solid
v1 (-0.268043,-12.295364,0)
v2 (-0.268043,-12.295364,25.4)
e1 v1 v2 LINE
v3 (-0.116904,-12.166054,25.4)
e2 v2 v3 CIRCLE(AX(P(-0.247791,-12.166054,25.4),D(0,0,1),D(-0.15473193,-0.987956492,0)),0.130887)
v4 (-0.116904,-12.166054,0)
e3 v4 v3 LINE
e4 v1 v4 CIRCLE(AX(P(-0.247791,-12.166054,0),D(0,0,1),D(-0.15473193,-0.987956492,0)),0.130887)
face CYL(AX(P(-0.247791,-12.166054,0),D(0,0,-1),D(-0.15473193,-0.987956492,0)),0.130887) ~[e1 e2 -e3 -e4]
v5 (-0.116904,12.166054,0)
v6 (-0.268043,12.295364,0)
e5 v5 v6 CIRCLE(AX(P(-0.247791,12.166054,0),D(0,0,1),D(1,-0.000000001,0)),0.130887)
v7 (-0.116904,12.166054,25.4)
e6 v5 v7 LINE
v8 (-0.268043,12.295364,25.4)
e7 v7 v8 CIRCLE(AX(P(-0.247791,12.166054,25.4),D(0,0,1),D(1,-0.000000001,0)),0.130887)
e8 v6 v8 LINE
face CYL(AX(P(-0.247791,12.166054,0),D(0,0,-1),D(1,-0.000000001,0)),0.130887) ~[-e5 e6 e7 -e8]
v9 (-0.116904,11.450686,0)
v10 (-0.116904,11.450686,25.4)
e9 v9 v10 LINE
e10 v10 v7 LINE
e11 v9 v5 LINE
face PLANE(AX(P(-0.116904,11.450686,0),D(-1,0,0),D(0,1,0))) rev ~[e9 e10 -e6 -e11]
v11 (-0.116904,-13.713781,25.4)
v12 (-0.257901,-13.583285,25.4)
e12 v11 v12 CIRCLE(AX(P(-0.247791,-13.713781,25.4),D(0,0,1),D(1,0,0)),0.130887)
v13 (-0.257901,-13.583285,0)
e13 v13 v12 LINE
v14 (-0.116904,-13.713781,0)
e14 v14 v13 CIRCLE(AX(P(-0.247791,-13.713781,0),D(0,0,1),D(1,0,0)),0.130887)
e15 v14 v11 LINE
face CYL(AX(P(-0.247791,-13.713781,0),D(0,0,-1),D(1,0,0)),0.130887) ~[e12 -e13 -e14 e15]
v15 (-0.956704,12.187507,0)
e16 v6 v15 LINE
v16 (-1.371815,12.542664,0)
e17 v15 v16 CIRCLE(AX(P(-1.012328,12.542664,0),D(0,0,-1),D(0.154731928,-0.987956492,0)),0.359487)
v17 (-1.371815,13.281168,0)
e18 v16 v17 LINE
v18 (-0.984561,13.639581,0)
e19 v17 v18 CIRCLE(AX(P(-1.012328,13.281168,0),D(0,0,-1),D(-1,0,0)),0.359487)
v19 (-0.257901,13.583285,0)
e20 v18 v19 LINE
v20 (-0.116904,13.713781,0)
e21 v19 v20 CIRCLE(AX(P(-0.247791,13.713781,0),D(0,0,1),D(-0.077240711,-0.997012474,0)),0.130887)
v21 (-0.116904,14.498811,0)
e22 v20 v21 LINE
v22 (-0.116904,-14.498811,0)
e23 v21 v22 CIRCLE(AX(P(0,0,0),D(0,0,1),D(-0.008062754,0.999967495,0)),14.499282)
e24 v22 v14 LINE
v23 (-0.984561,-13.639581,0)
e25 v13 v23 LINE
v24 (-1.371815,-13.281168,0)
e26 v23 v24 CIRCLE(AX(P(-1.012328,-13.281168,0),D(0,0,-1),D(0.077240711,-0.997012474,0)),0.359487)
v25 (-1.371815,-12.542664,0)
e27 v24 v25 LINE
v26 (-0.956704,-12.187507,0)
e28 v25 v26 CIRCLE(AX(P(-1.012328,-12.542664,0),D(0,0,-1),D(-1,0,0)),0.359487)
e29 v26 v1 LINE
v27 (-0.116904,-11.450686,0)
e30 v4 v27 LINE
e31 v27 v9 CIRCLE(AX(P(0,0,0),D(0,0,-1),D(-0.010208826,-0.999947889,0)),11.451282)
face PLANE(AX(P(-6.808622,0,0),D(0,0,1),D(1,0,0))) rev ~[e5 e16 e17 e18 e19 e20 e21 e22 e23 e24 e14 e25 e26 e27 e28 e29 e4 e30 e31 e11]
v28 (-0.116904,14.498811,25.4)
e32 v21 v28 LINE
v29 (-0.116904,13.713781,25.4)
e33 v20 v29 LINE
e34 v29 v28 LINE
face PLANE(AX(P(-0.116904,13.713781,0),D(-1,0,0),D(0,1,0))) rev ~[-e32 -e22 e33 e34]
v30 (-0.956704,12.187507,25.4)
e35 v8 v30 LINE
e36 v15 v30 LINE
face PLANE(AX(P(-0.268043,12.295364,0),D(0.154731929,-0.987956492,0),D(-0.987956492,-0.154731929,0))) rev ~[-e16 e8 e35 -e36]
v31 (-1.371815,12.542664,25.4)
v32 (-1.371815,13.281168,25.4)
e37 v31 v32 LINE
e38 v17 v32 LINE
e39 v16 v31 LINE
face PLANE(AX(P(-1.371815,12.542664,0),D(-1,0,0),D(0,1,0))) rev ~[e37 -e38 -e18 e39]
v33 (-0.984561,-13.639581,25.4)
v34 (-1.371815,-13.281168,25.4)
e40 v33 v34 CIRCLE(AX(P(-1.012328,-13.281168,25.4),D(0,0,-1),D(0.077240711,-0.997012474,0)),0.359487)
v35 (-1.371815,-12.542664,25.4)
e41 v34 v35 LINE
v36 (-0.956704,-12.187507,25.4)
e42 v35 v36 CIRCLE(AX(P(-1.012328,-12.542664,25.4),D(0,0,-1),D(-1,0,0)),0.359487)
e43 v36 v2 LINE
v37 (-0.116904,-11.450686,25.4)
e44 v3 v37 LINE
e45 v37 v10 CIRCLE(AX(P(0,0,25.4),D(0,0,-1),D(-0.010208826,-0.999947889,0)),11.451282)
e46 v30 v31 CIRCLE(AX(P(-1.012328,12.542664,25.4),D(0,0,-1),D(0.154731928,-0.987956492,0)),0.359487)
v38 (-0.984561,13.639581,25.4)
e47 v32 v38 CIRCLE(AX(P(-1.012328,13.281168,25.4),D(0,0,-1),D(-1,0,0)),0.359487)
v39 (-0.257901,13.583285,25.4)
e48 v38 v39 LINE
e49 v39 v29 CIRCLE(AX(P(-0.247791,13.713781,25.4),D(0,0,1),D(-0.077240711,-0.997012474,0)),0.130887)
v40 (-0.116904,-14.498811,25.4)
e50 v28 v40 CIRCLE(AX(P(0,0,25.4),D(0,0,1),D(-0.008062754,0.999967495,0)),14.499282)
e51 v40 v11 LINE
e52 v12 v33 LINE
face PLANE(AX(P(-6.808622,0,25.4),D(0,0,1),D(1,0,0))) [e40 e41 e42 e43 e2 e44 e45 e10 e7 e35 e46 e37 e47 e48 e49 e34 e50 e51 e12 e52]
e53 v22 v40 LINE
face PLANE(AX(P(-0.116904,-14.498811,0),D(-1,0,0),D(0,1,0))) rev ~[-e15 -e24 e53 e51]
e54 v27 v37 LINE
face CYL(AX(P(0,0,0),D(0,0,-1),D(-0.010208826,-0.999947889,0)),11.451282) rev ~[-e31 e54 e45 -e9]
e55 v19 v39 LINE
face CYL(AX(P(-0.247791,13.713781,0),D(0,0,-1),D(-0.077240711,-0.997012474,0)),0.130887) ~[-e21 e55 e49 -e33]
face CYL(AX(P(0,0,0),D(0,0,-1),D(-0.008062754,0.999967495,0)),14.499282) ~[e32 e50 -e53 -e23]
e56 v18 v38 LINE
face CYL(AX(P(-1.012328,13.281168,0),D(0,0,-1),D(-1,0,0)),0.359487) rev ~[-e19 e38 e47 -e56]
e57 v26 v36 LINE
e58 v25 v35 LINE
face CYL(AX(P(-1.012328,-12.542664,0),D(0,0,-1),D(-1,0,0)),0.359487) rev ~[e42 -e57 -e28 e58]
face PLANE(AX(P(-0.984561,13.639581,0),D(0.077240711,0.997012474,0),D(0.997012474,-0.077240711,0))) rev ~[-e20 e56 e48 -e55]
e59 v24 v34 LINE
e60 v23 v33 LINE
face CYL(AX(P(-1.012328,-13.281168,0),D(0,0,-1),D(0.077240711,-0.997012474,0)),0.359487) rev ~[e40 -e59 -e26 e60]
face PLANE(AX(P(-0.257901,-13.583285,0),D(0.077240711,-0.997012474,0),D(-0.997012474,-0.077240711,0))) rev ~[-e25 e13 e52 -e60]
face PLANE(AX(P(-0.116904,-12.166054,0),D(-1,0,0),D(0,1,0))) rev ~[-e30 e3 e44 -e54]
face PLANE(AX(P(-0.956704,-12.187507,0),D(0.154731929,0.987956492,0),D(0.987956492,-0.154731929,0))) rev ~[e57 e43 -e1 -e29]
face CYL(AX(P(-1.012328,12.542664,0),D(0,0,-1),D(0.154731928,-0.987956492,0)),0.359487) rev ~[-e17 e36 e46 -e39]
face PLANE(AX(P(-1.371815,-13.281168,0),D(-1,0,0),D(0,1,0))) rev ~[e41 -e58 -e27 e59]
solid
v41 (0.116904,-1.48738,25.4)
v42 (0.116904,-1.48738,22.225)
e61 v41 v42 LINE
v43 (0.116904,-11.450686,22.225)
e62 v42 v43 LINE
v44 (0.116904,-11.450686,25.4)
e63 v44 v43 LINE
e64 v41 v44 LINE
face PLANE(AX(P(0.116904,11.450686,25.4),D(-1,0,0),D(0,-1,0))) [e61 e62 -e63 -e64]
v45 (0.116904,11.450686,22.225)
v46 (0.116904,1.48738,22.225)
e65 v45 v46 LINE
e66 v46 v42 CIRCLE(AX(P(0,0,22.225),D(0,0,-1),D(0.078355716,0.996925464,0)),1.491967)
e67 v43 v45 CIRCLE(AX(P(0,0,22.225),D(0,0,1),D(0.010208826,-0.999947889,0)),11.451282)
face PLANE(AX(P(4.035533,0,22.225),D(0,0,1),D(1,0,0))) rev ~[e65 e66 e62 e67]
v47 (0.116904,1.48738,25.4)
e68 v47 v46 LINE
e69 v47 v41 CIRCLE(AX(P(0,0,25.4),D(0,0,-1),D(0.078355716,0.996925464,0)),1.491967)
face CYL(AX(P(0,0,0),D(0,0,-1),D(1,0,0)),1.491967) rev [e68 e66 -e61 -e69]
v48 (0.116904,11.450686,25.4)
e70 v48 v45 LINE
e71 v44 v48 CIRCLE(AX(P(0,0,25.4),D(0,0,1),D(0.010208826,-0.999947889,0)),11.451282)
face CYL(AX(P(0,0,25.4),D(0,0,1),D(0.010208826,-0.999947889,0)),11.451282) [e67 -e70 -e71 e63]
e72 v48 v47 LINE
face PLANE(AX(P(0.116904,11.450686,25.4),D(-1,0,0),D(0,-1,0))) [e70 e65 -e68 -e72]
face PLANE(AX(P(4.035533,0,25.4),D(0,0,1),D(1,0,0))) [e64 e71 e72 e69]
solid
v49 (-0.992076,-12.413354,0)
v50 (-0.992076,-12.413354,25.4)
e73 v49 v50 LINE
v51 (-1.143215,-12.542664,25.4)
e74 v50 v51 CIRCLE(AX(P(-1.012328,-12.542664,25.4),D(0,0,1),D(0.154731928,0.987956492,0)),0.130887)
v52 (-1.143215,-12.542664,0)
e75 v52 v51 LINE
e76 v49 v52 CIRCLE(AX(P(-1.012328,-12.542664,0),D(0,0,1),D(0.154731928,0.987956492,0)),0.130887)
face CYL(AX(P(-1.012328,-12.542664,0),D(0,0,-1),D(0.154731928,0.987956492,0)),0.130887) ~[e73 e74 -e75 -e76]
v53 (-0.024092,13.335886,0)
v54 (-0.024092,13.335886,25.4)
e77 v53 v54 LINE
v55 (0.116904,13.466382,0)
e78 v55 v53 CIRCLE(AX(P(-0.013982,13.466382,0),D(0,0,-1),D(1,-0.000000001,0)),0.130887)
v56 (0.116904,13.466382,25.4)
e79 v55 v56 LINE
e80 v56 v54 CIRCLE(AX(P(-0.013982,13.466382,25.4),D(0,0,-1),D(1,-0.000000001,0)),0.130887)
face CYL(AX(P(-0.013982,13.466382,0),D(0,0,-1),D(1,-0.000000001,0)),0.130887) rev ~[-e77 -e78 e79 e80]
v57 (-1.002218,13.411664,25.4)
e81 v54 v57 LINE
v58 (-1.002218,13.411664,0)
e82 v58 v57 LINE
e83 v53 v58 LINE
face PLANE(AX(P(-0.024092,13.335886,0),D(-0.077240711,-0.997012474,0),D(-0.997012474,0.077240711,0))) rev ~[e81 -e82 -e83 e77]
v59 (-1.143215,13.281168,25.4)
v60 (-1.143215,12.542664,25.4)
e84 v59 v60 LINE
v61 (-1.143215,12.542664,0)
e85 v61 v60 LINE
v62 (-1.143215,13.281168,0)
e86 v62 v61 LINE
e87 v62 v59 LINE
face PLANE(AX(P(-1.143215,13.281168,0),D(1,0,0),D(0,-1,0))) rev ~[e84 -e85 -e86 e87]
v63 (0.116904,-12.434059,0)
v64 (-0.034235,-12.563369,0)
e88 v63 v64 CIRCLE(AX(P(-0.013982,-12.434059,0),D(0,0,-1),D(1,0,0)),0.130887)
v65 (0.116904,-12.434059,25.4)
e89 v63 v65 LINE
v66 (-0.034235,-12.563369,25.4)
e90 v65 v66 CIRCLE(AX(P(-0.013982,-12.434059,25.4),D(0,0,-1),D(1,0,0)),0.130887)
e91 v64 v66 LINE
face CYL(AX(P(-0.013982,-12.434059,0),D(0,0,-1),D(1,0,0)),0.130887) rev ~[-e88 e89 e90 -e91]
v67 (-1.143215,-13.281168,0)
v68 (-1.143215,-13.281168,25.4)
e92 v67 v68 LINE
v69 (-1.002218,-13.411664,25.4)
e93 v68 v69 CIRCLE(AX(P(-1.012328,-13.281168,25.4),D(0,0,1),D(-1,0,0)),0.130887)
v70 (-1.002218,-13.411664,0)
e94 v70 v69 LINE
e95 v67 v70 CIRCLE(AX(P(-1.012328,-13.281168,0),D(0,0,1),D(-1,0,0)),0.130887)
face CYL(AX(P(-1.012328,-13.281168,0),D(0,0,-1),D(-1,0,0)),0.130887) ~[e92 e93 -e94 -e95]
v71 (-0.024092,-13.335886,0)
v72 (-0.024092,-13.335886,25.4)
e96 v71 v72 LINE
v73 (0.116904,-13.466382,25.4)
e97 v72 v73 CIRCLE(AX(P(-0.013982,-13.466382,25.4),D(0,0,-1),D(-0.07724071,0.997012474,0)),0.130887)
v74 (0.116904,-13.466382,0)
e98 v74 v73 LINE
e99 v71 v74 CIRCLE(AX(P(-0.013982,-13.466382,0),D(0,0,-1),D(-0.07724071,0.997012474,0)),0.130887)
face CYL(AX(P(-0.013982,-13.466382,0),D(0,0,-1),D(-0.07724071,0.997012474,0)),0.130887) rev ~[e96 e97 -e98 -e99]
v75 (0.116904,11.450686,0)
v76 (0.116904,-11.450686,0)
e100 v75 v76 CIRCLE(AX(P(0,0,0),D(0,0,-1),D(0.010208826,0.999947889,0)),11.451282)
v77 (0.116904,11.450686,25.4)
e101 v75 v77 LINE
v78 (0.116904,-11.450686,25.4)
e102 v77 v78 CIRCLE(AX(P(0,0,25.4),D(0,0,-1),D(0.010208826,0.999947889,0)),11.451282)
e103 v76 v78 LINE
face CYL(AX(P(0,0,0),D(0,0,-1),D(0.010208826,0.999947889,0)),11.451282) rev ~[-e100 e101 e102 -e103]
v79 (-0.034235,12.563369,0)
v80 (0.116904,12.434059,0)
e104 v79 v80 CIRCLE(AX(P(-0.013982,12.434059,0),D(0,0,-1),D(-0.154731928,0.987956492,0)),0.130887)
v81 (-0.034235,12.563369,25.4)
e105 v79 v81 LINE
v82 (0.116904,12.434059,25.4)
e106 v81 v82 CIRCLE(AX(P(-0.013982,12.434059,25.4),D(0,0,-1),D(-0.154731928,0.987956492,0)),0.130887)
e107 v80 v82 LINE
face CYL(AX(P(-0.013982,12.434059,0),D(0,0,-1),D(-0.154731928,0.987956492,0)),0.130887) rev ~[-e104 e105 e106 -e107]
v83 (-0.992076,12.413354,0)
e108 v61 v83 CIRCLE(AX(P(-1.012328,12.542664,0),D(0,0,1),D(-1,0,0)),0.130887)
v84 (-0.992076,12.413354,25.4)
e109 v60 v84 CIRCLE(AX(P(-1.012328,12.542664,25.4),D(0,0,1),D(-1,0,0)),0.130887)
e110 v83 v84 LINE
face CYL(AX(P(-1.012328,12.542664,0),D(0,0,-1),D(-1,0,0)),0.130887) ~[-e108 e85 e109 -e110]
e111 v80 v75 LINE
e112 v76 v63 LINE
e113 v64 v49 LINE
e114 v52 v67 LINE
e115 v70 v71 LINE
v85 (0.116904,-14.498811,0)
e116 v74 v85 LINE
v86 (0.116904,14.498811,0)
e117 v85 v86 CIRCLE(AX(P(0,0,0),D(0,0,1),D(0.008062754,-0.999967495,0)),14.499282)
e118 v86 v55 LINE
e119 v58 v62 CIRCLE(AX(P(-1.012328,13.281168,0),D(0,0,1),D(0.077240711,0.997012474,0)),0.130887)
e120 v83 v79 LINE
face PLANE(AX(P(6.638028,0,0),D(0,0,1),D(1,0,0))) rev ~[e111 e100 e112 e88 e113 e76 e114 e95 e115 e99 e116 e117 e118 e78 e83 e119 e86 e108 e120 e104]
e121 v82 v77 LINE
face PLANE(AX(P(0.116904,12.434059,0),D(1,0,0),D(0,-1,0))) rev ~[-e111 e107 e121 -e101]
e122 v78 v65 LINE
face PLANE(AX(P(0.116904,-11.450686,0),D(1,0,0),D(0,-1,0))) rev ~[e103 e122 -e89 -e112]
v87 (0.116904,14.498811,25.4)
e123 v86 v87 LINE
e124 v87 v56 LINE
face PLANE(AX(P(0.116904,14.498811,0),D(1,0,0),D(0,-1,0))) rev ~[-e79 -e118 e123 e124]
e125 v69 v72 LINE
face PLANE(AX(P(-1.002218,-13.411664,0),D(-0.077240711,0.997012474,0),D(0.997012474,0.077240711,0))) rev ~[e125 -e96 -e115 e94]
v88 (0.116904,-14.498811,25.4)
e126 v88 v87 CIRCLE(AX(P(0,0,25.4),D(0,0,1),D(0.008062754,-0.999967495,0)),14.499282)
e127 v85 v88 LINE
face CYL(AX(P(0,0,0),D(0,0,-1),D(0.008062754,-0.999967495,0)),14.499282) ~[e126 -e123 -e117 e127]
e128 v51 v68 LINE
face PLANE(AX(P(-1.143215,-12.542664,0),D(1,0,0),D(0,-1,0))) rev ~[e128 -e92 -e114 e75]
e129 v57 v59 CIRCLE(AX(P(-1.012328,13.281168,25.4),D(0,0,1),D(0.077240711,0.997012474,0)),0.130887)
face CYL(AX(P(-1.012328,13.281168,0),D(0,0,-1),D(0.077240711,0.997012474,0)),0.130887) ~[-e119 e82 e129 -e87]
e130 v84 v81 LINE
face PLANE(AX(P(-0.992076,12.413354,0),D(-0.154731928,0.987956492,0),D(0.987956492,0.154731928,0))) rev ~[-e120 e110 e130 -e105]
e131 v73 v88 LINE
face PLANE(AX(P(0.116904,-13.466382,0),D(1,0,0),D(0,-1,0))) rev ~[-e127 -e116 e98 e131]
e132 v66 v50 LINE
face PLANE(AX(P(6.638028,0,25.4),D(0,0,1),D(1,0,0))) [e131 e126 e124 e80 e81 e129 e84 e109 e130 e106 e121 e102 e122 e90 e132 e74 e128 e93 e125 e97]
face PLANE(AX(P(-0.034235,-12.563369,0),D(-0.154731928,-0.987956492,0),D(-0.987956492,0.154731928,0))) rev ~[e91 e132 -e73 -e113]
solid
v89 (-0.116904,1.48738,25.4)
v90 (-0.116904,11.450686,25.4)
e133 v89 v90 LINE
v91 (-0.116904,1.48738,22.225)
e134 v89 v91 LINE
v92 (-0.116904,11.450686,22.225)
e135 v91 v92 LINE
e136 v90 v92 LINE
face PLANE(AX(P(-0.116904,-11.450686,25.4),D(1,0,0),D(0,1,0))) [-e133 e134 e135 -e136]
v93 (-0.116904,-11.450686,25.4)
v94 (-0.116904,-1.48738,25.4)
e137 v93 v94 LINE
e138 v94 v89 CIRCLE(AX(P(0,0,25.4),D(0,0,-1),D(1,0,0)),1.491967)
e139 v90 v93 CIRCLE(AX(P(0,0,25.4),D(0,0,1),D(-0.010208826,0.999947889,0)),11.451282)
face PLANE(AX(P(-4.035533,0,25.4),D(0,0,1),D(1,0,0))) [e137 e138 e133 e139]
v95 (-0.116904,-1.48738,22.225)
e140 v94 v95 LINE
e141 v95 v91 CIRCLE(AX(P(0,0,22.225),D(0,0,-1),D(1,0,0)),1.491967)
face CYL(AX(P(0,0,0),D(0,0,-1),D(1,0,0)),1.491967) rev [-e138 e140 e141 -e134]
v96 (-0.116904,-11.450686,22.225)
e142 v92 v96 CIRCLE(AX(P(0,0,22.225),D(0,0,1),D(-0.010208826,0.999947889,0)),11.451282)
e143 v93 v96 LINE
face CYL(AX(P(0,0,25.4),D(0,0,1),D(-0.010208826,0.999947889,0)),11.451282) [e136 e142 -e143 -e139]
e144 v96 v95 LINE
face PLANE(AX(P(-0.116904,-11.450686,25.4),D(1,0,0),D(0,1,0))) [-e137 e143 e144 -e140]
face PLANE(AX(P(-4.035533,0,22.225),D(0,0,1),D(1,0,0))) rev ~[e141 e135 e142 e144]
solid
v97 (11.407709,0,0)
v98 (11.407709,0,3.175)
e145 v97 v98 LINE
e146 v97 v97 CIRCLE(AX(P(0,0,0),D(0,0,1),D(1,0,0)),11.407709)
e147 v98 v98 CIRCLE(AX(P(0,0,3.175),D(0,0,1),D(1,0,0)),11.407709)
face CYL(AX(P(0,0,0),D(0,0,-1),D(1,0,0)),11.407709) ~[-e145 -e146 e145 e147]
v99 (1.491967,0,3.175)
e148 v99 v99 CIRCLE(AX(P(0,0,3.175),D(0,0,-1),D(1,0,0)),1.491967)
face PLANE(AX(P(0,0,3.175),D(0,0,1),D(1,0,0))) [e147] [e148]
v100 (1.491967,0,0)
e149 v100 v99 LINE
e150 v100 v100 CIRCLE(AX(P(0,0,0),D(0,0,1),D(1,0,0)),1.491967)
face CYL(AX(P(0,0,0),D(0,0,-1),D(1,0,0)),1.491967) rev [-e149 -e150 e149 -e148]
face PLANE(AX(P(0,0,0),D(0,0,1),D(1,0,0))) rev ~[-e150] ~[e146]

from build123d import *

# Parameters (mm, degrees)
F1_DEPTH       = 25.4
F2_DEPTH       = 25.4
F3_R           = 11.4077093499
F4_DEPTH       = 3.175
F7_DEPTH       = 3.175
F9_DEPTH       = 3.175
F8_R           = 1.4919670492
F10_DEPTH      = 10.414
F10_DEPTH_BACK = 34.544


with BuildPart() as f1:
    # F0 (on Top) → F1 (new body)
    with BuildSketch(Plane.XY):
        with BuildLine():
            Line((-0.1169041469, 13.713780639), (-0.1169041469, 14.4988111578))
            ThreePointArc((-0.1169041469, 14.4988111578), (-14.4992824501, 0), (-0.1169041469, -14.4988111578))
            Line((-0.1169041469, -14.4988111578), (-0.1169041469, -13.713780639))
            ThreePointArc((-0.1169041469, -13.713780639), (-0.1588861156, -13.6177219618), (-0.2579005322, -13.5832850558))
            Line((-0.2579005322, -13.5832850558), (-0.9845611309, -13.6395810228))
            ThreePointArc((-0.9845611309, -13.6395810228), (-1.2565093233, -13.5449982877), (-1.3718149617, -13.2811681855))
            Line((-1.3718149617, -13.2811681855), (-1.3718149617, -12.5426644034))
            ThreePointArc((-1.3718149617, -12.5426644034), (-1.2460316386, -12.2695097811), (-0.9567040601, -12.187507072))
            Line((-0.9567040601, -12.187507072), (-0.268043095, -12.2953638856))
            ThreePointArc((-0.268043095, -12.2953638856), (-0.1627009666, -12.2655072783), (-0.1169041469, -12.1660536091))
            Line((-0.1169041469, -12.1660536091), (-0.1169041469, -11.4506855051))
            ThreePointArc((-0.1169041469, -11.4506855051), (-11.4512822477, 0), (-0.1169041469, 11.4506855051))
            Line((-0.1169041469, 11.4506855051), (-0.1169041469, 12.1660536091))
            ThreePointArc((-0.1169041469, 12.1660536091), (-0.1627009666, 12.2655072783), (-0.268043095, 12.2953638856))
            Line((-0.268043095, 12.2953638856), (-0.9567040601, 12.187507072))
            ThreePointArc((-0.9567040601, 12.187507072), (-1.2460316386, 12.2695097811), (-1.3718149617, 12.5426644034))
            Line((-1.3718149617, 12.5426644034), (-1.3718149617, 13.2811681855))
            ThreePointArc((-1.3718149617, 13.2811681855), (-1.2565093233, 13.5449982877), (-0.9845611309, 13.6395810228))
            Line((-0.9845611309, 13.6395810228), (-0.2579005322, 13.5832850558))
            ThreePointArc((-0.2579005322, 13.5832850558), (-0.1588861156, 13.6177219618), (-0.1169041469, 13.713780639))
        make_face()
    extrude(amount=F1_DEPTH)


with BuildPart() as f2:
    # F0 (on Top) → F2 (new body)
    with BuildSketch(Plane.XY):
        with BuildLine():
            ThreePointArc((0.1169041469, 11.4506855051), (11.4512822477, 0), (0.1169041469, -11.4506855051))
            Line((0.1169041469, -11.4506855051), (0.1169041469, -12.4340591473))
            ThreePointArc((0.1169041469, -12.4340591473), (0.0711073271, -12.5335128165), (-0.0342348012, -12.5633694238))
            Line((-0.0342348012, -12.5633694238), (-0.9920758104, -12.4133541269))
            ThreePointArc((-0.9920758104, -12.4133541269), (-1.0974179387, -12.4432107342), (-1.1432147585, -12.5426644034))
            Line((-1.1432147585, -12.5426644034), (-1.1432147585, -13.2811681855))
            ThreePointArc((-1.1432147585, -13.2811681855), (-1.1012327897, -13.3772268628), (-1.0022183732, -13.4116637687))
            Line((-1.0022183732, -13.4116637687), (-0.0240922384, -13.3358862232))
            ThreePointArc((-0.0240922384, -13.3358862232), (0.0749221781, -13.3703231292), (0.1169041469, -13.4663818064))
            Line((0.1169041469, -13.4663818064), (0.1169041469, -14.4988111578))
            ThreePointArc((0.1169041469, -14.4988111578), (14.4992824501, 0), (0.1169041469, 14.4988111578))
            Line((0.1169041469, 14.4988111578), (0.1169041469, 13.4663818064))
            ThreePointArc((0.1169041469, 13.4663818064), (0.0749221781, 13.3703231292), (-0.0240922384, 13.3358862232))
            Line((-0.0240922384, 13.3358862232), (-1.0022183732, 13.4116637687))
            ThreePointArc((-1.0022183732, 13.4116637687), (-1.1012327897, 13.3772268628), (-1.1432147585, 13.2811681855))
            Line((-1.1432147585, 13.2811681855), (-1.1432147585, 12.5426644034))
            ThreePointArc((-1.1432147585, 12.5426644034), (-1.0974179387, 12.4432107342), (-0.9920758104, 12.4133541269))
            Line((-0.9920758104, 12.4133541269), (-0.0342348012, 12.5633694238))
            ThreePointArc((-0.0342348012, 12.5633694238), (0.0711073271, 12.5335128165), (0.1169041469, 12.4340591473))
            Line((0.1169041469, 12.4340591473), (0.1169041469, 11.4506855051))
        make_face()
    extrude(amount=F2_DEPTH)


with BuildPart() as f4:
    # F3 (on Top) → F4 (new body)
    with BuildSketch(Plane.XY):
        Circle(F3_R)
    extrude(amount=F4_DEPTH)

    # F3 (on Top) → F9 (join)
    with BuildSketch(Plane.XY):
        Circle(F3_R)
    extrude(amount=F9_DEPTH)


with BuildPart() as f7:
    # F6 (on offset) → F7 (new body)
    with BuildSketch(Plane.XY.offset(25.4)):
        with BuildLine():
            ThreePointArc((-0.1169041469, 11.4506855051), (-11.4512822477, 0), (-0.1169041469, -11.4506855051))
            Line((-0.1169041469, -11.4506855051), (-0.1169041469, 11.4506855051))
        make_face()
    extrude(amount=-F7_DEPTH)


with BuildPart() as f7b:
    # F6 (on offset) → F7, piece 2 (new body)
    with BuildSketch(Plane.XY.offset(25.4)):
        with BuildLine():
            Line((0.1169041469, 11.4506855051), (0.1169041469, -11.4506855051))
            ThreePointArc((0.1169041469, -11.4506855051), (11.4512822477, 0), (0.1169041469, 11.4506855051))
        make_face()
    extrude(amount=-F7_DEPTH)


with BuildPart() as f10_tool:
    # F8 (on Top) → F10 (new body, two sides)
    with BuildSketch(Plane.XY) as f10_sk:
        Circle(F8_R)
    extrude(amount=-F10_DEPTH)
    extrude(f10_sk.sketch, amount=F10_DEPTH_BACK)


with BuildPart() as f4_1:
    add(f4.part)

    # F10: cut by f10_tool
    add(f10_tool.part, mode=Mode.SUBTRACT)


with BuildPart() as f7_1:
    add(f7.part)

    # F10: cut by f10_tool
    add(f10_tool.part, mode=Mode.SUBTRACT)


with BuildPart() as f7b_1:
    add(f7b.part)

    # F10: cut by f10_tool
    add(f10_tool.part, mode=Mode.SUBTRACT)


solid = Compound([f1.part, f2.part, f4_1.part, f7_1.part, f7b_1.part])
